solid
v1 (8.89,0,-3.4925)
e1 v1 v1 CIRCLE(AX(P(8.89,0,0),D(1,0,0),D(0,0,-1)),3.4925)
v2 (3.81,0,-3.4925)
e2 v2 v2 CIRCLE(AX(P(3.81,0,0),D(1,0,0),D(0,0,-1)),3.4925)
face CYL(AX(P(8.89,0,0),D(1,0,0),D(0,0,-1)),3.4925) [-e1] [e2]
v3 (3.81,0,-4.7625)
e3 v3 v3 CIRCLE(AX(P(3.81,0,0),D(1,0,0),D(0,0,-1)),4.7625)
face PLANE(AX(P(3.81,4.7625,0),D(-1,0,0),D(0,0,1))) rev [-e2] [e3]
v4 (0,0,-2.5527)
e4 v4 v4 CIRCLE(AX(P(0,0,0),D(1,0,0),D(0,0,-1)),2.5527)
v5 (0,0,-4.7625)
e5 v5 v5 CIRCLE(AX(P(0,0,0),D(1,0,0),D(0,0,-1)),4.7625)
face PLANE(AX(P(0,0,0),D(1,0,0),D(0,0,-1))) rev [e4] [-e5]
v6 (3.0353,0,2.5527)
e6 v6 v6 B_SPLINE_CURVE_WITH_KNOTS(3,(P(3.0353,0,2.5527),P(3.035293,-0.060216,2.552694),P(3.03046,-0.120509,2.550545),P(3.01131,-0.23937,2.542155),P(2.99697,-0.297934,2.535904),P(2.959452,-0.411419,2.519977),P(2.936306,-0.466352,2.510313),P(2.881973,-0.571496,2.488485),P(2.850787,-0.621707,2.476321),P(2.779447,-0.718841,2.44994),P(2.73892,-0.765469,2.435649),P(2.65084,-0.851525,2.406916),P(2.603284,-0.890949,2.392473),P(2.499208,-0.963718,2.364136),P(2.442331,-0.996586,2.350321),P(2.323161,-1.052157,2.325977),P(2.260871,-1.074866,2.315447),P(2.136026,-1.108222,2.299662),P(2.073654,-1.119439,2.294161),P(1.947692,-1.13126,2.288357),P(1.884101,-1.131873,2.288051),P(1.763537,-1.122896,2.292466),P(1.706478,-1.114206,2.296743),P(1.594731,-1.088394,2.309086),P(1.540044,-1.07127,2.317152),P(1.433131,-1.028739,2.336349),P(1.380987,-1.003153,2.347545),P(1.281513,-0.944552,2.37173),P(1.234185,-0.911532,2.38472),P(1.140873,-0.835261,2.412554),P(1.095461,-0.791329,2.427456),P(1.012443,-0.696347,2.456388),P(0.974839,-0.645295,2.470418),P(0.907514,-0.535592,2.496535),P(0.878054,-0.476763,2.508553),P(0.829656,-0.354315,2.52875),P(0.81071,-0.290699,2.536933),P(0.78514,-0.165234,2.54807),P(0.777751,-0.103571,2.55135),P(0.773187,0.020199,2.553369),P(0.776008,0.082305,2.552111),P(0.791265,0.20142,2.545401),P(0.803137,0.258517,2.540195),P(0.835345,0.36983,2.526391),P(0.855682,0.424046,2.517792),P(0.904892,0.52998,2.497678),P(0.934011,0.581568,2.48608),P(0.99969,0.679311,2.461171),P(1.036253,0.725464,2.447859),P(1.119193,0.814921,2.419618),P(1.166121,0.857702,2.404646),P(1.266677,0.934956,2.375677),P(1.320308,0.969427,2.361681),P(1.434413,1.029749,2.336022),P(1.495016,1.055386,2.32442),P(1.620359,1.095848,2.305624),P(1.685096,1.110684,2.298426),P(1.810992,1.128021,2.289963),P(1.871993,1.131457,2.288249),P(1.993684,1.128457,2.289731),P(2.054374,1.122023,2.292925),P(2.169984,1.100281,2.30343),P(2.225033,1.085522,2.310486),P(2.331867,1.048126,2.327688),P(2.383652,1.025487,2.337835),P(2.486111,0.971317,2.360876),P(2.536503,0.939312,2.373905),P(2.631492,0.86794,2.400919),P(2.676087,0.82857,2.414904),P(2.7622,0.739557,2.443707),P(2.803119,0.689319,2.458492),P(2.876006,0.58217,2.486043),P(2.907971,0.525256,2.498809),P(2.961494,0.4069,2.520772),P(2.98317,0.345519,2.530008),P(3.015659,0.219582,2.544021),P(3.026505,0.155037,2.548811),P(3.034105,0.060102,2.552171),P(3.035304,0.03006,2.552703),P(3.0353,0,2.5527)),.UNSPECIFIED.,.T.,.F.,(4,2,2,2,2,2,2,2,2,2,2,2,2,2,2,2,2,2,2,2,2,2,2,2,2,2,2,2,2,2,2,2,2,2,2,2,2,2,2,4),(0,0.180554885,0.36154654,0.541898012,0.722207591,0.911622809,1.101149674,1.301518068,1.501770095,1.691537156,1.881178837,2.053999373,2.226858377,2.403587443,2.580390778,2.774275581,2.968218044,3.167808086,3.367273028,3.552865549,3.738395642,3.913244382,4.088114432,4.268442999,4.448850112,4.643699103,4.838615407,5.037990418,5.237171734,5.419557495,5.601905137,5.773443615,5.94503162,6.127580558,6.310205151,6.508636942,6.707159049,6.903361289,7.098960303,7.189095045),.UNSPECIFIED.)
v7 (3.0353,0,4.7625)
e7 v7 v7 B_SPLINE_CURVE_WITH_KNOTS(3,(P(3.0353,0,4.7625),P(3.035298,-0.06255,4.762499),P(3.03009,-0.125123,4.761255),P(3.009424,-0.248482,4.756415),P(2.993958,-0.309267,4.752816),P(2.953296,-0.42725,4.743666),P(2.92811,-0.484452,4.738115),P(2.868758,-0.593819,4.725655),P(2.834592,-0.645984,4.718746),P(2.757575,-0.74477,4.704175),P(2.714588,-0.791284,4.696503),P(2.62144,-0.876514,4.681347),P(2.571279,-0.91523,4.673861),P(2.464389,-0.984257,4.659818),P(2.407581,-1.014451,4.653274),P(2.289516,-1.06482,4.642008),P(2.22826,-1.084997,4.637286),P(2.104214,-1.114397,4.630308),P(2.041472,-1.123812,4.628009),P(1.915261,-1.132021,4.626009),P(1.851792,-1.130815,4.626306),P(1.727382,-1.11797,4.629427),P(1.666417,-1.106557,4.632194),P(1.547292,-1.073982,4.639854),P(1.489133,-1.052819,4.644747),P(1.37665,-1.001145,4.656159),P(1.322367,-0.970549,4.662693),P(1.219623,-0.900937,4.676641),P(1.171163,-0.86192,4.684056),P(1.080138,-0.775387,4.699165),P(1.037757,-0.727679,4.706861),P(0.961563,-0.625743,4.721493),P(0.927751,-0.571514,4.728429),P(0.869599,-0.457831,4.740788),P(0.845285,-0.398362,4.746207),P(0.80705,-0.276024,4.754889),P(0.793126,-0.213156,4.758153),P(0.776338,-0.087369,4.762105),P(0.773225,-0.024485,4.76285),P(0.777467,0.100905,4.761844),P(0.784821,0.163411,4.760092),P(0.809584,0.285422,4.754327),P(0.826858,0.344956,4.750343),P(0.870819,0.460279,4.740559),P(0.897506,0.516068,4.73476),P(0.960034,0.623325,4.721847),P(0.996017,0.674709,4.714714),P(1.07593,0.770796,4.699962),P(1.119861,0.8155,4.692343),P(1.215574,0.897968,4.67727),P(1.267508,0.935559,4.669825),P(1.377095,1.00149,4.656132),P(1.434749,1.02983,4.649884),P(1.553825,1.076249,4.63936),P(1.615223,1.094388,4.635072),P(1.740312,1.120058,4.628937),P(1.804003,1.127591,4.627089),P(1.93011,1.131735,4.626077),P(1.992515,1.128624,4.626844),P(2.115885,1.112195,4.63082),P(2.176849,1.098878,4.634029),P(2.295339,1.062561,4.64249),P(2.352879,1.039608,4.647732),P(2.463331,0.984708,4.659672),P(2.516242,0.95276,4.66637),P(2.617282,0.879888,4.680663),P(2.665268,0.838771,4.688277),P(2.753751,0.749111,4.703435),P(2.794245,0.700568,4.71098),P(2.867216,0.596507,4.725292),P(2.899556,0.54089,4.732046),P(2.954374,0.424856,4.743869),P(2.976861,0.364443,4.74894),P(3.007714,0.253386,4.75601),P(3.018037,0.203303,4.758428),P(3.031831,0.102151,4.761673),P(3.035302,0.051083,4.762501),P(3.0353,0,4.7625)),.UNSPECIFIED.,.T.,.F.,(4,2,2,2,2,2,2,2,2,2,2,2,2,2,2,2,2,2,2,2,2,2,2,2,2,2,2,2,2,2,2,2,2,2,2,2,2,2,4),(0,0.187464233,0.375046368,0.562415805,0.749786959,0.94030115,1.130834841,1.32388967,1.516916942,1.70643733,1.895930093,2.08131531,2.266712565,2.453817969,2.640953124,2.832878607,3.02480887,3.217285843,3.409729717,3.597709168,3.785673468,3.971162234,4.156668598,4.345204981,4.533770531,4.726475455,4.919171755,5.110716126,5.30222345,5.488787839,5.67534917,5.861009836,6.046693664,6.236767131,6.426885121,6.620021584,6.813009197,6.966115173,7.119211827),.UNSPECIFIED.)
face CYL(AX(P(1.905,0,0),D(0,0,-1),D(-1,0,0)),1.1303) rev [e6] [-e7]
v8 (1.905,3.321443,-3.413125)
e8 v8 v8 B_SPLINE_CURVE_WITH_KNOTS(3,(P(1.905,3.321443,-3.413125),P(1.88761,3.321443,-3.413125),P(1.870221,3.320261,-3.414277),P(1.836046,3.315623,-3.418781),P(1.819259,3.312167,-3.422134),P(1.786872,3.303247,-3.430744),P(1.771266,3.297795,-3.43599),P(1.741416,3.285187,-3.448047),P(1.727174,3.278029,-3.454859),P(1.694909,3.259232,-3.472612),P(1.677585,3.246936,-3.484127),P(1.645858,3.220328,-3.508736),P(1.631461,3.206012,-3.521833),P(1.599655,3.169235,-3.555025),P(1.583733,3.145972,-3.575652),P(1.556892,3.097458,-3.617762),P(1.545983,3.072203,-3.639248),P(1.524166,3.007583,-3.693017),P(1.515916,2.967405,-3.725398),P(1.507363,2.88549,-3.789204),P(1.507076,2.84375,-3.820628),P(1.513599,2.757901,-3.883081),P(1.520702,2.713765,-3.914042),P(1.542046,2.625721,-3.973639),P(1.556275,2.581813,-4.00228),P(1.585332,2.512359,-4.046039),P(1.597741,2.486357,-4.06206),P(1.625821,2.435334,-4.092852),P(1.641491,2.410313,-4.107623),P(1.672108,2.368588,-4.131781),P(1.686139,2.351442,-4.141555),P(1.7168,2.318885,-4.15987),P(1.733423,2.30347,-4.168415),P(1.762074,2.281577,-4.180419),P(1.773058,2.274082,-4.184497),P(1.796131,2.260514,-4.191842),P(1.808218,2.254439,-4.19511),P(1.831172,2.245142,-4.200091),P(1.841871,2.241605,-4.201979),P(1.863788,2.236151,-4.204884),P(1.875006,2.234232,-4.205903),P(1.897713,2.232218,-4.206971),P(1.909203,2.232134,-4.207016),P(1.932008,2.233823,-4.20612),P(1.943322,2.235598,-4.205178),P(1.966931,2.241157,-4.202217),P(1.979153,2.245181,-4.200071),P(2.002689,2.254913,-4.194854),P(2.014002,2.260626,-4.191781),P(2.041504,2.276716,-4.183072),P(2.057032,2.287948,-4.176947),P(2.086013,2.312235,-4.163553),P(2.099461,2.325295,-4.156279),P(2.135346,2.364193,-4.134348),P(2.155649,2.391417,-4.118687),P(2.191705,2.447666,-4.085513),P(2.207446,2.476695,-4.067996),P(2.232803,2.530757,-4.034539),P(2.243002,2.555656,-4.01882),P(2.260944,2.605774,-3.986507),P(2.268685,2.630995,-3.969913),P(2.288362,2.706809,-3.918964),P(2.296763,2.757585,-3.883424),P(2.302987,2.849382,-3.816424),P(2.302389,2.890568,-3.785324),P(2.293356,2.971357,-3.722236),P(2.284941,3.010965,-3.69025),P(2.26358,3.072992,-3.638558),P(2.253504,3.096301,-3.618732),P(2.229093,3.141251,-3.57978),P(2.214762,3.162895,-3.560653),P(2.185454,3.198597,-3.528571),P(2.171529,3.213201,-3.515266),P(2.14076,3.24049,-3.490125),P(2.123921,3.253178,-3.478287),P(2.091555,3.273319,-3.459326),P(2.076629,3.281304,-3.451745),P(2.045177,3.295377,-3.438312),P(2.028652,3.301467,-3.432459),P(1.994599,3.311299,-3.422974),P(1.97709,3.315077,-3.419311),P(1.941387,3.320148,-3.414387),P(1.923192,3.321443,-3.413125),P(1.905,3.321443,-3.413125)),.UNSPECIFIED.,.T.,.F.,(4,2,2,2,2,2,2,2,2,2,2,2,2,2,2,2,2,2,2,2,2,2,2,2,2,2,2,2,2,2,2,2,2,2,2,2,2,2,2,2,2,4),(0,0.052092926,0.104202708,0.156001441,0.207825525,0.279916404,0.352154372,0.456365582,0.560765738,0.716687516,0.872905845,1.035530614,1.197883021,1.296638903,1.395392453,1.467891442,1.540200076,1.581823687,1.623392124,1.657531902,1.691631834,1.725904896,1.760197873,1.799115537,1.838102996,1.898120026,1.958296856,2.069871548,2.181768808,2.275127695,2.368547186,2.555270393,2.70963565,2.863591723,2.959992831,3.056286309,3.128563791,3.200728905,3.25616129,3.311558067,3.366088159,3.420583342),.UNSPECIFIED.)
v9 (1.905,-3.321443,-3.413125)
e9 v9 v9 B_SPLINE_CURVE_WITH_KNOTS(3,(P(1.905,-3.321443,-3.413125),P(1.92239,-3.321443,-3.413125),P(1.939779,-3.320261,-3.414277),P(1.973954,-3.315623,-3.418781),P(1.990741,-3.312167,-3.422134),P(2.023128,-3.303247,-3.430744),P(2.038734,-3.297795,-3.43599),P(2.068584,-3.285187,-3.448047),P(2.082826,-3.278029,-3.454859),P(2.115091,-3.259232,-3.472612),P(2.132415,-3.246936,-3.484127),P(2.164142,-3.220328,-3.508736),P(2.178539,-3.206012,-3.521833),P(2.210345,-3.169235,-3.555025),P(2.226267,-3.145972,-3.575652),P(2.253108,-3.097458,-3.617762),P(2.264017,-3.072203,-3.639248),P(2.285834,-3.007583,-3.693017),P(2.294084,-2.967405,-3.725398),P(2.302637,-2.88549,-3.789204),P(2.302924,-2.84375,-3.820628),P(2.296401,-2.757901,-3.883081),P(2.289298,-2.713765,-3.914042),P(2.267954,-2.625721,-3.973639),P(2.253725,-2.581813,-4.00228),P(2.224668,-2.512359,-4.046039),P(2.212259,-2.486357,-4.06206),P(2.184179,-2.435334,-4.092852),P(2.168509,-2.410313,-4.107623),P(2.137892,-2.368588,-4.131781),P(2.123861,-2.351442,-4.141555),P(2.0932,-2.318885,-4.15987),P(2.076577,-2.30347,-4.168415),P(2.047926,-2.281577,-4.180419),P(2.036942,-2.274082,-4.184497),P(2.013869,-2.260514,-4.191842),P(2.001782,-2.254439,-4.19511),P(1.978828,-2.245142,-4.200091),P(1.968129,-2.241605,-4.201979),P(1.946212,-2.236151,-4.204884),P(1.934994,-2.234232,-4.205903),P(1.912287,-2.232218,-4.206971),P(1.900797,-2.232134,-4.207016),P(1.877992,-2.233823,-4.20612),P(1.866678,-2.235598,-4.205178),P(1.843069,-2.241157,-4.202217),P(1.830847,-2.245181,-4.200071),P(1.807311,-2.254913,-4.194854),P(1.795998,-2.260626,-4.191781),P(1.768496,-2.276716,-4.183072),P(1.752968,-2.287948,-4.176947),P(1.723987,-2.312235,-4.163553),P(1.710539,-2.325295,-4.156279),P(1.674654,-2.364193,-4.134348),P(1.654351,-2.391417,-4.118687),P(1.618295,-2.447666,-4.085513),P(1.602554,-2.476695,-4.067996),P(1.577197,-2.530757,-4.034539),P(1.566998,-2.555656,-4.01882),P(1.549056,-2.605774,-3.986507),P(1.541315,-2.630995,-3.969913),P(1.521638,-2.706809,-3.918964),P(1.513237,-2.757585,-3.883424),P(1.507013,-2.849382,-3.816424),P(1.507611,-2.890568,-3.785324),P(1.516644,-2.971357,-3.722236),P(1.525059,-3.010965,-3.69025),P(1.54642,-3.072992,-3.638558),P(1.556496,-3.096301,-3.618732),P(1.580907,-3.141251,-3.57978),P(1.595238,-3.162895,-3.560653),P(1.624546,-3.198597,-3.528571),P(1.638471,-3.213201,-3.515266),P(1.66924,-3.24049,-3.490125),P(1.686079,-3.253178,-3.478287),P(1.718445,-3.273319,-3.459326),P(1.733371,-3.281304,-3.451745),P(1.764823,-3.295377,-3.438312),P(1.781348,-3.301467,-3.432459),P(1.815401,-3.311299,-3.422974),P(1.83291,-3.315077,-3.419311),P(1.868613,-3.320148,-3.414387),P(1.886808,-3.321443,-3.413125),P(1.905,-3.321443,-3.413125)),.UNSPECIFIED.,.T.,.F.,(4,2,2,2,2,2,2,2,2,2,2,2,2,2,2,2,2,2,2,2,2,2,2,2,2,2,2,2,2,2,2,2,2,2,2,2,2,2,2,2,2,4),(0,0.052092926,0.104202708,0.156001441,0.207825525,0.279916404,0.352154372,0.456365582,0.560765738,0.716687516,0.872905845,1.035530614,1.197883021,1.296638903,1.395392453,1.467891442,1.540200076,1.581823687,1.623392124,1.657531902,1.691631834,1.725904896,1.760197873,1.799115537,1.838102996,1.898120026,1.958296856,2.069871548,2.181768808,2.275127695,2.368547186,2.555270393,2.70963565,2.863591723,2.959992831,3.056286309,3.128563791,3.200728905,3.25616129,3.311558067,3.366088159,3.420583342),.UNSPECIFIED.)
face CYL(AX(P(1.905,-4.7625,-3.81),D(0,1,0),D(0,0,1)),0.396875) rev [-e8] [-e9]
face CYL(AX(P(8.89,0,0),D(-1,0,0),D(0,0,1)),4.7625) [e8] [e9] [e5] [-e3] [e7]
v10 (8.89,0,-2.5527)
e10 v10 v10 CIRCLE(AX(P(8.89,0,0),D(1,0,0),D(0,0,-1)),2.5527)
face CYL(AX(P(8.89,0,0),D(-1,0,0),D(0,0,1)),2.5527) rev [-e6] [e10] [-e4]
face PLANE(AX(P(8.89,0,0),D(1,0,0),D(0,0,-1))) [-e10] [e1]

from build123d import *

# Parameters (mm, degrees)
SKETCH1_R               = 4.7625
SKETCH1_R_2             = 2.5527
BOSS_EXTRUDE1_DEPTH     = 8.89
SKETCH2_W               = 5.08
SKETCH2_H               = 1.27
CUT_EXTRUDE1_DEPTH      = 12.153246725
CUT_EXTRUDE1_DEPTH_BACK = 12.153246725
SKETCH7_R               = 0.396875
SKETCH3_W               = 1.1303
SKETCH3_H               = 4.7625


with BuildPart() as part:
    # Sketch1 → Boss-Extrude1 (new body)
    with BuildSketch(Plane(origin=(0, 0, 0), x_dir=(0, 0, -1), z_dir=(1, 0, 0))):
        Circle(SKETCH1_R)
        Circle(SKETCH1_R_2, mode=Mode.SUBTRACT)
    extrude(amount=BOSS_EXTRUDE1_DEPTH)

    # Sketch2 → Cut-Revolve1 (revolve, cut)
    with BuildSketch(Plane.XY, mode=Mode.PRIVATE) as cut_revolve1_sk:
        with Locations((6.35, 4.1275)):
            Rectangle(SKETCH2_W, SKETCH2_H)
    revolve(cut_revolve1_sk.sketch.rotate(Axis((8.89, 0, 0), (-1, 0, 0)), 90), axis=Axis((8.89, 0, 0), (-1, 0, 0)), mode=Mode.SUBTRACT)

    # Sketch7 → Cut-Extrude1 (cut, two sides: drawn at the far end of the back side and taken through both)
    with BuildSketch(Plane(origin=(0, 0, 0), x_dir=(1, 0, 0), z_dir=(0, 1, 0)).offset(-CUT_EXTRUDE1_DEPTH_BACK)):
        with Locations(Location((1.905, 3.81, 0), (0, 0, 270))):
            Circle(SKETCH7_R)
    extrude(amount=CUT_EXTRUDE1_DEPTH + CUT_EXTRUDE1_DEPTH_BACK, mode=Mode.SUBTRACT)

    # Sketch3 → ShaftSetScrew (revolve, cut)
    with BuildSketch(Plane.YZ.offset(1.905)):
        with Locations((0.56515, 2.38125)):
            Rectangle(SKETCH3_W, SKETCH3_H)
    revolve(axis=Axis((1.905, 0, -6.35), (0, 0, 1)), mode=Mode.SUBTRACT)


solid = part.part
